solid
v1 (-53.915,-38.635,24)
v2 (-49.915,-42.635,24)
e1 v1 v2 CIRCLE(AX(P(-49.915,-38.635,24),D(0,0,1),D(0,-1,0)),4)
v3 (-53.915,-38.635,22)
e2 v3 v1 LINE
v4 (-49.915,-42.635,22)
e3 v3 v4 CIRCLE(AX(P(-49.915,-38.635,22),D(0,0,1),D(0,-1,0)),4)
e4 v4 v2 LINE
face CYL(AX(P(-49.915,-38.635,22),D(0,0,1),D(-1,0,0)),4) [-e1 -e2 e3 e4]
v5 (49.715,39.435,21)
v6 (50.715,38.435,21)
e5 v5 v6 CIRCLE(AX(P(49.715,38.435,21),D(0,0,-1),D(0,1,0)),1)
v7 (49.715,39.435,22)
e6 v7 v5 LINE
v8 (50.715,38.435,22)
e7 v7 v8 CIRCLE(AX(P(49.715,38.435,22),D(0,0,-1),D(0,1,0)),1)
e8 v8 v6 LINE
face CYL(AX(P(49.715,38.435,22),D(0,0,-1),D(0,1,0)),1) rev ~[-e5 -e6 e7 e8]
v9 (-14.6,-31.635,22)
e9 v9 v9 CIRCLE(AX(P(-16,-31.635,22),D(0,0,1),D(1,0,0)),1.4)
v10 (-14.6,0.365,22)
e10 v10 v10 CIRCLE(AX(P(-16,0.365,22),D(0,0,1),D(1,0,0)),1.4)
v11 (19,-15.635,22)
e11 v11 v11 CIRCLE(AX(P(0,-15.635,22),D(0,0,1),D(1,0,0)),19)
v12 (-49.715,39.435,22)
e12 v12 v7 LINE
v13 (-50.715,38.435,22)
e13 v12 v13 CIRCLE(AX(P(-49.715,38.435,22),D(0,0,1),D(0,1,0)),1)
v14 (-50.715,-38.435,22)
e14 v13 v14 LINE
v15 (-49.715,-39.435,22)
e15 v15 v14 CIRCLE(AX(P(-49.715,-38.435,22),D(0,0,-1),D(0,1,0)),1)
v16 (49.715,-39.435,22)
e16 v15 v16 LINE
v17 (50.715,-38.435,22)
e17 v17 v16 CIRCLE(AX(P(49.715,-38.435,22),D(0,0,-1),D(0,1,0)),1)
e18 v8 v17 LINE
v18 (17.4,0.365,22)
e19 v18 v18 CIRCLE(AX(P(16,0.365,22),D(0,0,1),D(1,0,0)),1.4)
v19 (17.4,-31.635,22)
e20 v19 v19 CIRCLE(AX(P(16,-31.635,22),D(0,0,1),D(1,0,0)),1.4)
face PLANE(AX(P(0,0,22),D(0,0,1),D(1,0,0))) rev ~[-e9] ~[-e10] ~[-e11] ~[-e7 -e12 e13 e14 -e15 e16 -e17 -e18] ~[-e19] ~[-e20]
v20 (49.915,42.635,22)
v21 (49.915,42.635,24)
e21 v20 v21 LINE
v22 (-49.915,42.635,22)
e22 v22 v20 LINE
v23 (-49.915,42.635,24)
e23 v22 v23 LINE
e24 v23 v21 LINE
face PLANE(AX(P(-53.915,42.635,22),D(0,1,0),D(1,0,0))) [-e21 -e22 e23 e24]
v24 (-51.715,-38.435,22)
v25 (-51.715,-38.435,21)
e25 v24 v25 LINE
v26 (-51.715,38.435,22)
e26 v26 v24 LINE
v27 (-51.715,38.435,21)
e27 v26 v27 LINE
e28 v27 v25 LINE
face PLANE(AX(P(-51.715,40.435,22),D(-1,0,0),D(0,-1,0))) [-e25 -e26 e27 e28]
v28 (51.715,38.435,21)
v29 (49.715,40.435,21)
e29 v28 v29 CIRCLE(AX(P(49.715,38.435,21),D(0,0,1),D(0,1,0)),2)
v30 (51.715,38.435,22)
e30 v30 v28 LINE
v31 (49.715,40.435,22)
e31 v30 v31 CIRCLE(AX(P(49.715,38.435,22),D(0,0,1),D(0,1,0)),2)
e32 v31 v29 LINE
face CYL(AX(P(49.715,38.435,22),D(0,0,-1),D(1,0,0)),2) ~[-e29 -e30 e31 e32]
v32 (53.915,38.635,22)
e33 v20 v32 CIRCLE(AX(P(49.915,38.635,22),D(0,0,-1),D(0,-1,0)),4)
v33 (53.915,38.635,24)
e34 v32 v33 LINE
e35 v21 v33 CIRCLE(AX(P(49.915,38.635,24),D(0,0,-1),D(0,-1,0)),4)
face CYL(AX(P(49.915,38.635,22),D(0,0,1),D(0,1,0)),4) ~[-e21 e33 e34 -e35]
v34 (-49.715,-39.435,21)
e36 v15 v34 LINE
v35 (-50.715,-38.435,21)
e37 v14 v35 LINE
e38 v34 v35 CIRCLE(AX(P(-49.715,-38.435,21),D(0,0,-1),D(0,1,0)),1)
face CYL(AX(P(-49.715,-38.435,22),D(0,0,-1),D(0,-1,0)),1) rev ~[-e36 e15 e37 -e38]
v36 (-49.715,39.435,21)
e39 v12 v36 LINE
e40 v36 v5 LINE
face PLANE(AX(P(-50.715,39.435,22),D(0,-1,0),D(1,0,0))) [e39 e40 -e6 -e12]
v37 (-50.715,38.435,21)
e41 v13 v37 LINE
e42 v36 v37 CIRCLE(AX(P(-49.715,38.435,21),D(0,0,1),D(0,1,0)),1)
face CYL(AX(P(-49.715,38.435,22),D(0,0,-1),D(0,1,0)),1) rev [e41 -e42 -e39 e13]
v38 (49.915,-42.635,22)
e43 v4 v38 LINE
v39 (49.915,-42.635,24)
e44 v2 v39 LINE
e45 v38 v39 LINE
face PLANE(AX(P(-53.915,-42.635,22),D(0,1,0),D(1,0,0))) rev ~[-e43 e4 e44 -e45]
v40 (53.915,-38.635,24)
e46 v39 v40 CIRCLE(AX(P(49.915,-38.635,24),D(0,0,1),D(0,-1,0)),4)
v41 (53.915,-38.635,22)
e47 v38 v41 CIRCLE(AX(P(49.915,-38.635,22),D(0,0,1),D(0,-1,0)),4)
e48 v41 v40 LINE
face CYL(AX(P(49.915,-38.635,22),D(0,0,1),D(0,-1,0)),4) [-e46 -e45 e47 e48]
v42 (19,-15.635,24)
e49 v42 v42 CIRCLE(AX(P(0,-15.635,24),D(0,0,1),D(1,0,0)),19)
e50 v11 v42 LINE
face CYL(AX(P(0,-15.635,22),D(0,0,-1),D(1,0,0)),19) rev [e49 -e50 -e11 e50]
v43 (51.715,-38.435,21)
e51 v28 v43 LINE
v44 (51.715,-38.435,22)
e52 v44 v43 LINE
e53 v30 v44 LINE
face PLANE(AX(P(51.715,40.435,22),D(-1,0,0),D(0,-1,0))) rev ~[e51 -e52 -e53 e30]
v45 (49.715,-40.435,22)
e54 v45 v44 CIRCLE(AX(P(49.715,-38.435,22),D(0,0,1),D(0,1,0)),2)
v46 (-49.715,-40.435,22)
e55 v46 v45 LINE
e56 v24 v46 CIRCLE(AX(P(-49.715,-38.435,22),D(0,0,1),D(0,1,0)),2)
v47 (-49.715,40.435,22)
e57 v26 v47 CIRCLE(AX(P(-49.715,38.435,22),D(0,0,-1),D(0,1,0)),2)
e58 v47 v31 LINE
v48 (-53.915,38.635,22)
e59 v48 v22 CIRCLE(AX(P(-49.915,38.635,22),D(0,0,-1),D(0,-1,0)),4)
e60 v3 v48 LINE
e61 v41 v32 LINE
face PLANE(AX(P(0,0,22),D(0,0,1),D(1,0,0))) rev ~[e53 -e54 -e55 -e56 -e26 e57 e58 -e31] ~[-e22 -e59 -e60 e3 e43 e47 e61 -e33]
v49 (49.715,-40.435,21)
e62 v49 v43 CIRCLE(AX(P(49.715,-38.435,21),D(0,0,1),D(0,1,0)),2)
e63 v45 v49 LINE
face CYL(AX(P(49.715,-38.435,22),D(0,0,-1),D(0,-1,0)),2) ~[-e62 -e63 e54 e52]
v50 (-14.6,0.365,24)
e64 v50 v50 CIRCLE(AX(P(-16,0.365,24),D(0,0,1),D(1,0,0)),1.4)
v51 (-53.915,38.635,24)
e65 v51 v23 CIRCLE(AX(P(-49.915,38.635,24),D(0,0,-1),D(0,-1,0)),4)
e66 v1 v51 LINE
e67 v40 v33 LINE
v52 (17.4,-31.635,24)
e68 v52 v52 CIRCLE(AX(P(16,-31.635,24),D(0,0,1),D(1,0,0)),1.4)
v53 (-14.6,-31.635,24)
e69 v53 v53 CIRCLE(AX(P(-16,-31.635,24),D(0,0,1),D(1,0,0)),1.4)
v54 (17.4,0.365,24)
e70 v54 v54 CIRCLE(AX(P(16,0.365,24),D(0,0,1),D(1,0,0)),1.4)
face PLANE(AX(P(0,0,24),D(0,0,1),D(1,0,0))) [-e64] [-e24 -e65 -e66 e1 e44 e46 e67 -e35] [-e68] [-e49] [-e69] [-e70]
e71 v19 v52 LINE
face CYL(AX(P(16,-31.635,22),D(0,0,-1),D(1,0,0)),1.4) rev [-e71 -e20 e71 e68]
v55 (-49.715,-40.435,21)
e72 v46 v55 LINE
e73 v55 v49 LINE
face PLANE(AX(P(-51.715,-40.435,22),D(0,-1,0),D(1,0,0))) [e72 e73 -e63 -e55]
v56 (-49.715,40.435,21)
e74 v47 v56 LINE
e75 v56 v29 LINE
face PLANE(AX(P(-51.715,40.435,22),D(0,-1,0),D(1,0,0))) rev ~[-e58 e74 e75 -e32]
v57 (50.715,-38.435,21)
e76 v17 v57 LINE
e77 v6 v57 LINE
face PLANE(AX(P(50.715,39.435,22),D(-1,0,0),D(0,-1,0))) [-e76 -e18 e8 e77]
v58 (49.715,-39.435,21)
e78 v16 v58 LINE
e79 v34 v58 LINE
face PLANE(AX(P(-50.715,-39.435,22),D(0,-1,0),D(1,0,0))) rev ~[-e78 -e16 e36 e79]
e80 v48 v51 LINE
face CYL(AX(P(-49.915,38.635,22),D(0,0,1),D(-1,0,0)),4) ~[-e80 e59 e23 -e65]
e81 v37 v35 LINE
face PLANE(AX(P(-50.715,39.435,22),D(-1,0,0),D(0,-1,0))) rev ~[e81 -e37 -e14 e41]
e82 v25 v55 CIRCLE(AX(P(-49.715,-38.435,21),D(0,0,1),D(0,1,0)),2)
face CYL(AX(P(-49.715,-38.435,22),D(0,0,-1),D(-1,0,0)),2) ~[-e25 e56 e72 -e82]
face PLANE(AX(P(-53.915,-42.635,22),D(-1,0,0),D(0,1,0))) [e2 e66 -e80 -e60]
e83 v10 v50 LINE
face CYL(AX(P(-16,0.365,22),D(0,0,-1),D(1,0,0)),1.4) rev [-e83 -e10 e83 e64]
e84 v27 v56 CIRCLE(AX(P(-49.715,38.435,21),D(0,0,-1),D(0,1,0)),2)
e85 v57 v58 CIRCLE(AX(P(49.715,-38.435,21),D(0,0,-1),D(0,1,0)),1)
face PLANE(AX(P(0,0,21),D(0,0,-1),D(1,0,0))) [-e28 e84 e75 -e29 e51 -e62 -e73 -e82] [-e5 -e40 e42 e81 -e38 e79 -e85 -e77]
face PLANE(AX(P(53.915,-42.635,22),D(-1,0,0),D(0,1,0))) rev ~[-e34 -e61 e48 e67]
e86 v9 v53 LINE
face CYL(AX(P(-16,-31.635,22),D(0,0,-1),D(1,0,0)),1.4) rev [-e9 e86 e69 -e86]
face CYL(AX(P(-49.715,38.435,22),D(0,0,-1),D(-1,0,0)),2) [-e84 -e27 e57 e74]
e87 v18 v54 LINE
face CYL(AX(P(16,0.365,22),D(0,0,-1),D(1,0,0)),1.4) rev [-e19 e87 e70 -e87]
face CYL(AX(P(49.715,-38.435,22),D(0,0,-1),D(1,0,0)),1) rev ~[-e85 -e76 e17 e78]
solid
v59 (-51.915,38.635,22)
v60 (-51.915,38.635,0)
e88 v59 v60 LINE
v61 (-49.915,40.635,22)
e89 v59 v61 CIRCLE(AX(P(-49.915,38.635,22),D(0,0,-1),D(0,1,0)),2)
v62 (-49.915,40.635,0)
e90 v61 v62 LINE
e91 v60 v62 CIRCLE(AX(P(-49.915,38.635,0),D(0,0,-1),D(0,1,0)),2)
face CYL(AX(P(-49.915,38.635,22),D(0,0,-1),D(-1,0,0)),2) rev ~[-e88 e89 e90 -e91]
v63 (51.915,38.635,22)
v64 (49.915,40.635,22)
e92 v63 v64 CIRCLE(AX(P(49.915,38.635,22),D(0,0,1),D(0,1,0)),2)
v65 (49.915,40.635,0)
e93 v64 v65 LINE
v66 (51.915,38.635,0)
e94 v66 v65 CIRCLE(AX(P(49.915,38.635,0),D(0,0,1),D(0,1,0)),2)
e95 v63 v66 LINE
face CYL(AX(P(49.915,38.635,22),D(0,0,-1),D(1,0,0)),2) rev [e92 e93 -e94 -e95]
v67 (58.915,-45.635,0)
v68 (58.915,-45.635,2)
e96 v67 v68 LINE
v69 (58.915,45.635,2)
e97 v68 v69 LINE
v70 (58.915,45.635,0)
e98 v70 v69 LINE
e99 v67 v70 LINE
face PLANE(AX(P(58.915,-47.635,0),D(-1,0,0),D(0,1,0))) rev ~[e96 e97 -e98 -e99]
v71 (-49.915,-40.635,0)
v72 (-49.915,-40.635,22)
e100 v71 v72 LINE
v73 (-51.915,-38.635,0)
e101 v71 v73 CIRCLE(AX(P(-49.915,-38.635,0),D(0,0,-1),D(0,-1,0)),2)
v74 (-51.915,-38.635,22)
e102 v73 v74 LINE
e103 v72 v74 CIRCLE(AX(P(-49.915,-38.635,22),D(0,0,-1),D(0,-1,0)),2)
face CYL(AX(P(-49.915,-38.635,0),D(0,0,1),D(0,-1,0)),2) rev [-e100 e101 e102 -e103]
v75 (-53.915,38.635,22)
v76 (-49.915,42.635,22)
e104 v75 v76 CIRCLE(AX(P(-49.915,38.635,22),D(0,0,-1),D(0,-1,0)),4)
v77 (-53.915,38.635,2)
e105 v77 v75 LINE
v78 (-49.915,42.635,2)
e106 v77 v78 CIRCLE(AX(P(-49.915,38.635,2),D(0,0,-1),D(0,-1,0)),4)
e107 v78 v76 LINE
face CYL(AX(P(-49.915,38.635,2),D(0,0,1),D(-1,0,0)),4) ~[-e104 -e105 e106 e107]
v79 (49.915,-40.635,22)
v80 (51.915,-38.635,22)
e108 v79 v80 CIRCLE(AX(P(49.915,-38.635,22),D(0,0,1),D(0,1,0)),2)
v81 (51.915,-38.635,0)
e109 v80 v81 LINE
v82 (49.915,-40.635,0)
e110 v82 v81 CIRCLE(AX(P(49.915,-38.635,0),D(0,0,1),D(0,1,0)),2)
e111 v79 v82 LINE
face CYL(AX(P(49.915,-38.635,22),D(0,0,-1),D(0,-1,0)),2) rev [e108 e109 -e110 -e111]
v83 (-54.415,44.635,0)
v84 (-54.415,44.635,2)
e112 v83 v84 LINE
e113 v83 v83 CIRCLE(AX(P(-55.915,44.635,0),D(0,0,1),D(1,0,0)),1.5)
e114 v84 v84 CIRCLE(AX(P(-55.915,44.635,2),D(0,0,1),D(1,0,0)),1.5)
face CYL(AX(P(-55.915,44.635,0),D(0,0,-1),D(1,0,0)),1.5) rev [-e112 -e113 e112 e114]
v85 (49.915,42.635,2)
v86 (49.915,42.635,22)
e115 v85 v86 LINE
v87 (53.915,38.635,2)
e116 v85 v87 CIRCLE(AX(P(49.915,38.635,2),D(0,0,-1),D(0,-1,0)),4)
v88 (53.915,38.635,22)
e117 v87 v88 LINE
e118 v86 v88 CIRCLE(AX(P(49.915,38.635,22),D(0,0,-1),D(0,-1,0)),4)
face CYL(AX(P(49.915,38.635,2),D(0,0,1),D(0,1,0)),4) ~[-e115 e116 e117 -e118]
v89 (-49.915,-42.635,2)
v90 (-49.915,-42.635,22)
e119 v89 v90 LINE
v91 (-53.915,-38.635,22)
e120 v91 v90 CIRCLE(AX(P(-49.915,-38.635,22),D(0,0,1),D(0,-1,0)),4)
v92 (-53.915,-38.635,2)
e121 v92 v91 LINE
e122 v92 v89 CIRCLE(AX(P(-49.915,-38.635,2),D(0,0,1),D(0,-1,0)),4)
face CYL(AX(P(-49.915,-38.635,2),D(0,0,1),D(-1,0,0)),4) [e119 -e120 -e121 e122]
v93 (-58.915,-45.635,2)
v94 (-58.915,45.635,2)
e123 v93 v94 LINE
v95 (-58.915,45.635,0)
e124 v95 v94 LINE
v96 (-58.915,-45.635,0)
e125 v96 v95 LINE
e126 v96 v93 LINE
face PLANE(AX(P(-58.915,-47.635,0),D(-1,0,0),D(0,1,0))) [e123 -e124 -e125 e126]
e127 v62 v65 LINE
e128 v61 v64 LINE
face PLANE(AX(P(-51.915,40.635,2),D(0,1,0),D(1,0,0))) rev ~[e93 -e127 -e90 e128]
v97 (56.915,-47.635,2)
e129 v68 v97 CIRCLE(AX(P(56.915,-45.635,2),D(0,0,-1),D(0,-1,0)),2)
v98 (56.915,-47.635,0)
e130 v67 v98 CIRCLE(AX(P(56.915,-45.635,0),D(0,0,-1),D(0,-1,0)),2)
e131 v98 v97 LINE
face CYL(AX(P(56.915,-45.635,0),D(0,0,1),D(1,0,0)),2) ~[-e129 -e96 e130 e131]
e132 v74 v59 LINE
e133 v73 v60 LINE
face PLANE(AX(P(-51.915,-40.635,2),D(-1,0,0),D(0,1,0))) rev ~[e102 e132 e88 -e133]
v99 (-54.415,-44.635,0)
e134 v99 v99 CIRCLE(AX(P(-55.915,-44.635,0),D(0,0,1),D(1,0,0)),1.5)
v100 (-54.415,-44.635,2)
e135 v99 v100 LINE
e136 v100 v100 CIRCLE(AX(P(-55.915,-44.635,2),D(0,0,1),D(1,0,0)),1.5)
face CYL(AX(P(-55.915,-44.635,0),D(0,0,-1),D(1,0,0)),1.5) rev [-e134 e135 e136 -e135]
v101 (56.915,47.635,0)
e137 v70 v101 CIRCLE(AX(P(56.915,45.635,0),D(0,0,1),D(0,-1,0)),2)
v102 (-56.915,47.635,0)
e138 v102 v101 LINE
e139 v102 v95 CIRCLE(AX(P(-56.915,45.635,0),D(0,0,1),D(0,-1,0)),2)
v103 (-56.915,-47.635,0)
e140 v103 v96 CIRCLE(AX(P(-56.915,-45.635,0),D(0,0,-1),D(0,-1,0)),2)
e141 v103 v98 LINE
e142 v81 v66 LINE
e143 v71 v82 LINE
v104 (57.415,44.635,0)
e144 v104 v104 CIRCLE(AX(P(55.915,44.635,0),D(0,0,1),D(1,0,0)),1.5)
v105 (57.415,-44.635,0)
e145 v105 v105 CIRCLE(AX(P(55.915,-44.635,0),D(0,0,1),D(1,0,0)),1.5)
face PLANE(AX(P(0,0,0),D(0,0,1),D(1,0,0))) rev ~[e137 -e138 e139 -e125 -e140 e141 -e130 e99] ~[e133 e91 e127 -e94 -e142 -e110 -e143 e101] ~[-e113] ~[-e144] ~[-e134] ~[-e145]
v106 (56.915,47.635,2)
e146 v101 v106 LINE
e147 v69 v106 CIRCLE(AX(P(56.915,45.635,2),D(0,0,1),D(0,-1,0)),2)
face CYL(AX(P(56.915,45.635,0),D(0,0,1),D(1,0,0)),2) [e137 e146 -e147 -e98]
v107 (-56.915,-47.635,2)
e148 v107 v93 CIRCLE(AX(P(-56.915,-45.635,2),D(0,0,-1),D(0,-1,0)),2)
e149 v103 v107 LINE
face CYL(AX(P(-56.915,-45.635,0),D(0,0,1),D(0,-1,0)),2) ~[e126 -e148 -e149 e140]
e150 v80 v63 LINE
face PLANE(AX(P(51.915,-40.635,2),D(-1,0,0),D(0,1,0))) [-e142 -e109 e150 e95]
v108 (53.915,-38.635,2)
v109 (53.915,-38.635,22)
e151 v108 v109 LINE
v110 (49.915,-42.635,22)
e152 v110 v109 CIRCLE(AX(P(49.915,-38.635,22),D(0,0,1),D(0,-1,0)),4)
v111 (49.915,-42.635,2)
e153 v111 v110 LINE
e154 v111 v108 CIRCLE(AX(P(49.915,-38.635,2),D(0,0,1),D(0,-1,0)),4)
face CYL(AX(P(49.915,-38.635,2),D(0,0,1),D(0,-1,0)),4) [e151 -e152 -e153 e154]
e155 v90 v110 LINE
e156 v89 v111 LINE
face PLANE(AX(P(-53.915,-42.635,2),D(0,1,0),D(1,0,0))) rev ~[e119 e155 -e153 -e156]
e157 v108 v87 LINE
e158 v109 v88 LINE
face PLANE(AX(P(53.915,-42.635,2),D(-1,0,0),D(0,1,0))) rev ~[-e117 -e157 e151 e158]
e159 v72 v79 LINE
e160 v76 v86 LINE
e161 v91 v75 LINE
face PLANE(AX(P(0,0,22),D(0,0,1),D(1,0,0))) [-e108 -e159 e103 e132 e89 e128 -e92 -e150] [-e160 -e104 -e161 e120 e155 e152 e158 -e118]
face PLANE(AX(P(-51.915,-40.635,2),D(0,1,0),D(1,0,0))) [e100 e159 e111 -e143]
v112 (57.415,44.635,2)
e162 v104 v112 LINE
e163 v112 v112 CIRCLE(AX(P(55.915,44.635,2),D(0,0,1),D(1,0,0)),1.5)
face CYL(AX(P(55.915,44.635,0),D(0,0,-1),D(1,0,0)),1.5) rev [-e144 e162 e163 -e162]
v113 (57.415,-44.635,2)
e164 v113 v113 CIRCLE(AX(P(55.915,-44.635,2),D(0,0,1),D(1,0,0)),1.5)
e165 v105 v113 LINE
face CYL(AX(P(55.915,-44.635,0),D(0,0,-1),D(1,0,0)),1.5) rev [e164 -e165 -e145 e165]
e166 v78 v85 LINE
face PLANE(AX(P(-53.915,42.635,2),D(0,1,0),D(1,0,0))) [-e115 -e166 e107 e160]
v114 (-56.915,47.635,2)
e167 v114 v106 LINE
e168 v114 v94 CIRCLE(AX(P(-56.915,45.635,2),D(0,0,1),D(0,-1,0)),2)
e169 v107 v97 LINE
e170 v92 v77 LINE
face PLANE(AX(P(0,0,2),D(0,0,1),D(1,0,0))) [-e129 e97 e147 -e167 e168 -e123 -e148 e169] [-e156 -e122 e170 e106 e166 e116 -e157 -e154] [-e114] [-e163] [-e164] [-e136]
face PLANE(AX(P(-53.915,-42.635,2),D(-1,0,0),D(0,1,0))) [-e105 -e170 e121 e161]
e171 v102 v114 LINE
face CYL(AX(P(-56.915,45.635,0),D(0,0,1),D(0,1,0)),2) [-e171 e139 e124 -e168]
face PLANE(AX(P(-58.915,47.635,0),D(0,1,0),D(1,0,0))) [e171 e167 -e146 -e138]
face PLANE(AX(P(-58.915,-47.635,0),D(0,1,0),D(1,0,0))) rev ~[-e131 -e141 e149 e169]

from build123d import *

# Parameters (mm, degrees)
F0_W     = 117.83
F0_H     = 95.27
F0_R     = 1.5
F0_W_2   = 103.83
F0_H_2   = 81.27
F1_DEPTH = 2
F2_W     = 107.83
F2_H     = 85.27
F2_W_2   = 103.83
F2_H_2   = 81.27
F3_DEPTH = 20
F4_R     = 2
F5_W     = 107.83
F5_H     = 85.27
F5_R     = 1.4
F5_R_2   = 19
F6_DEPTH = 2
F7_W     = 103.43
F7_H     = 80.87
F7_W_2   = 101.43
F7_H_2   = 78.87
F8_DEPTH = 1
F9_R     = 2
F9_2_R   = 2
F10_R    = 1
F11_R    = 4
F11_2_R  = 4


with BuildPart() as f1:
    # F0 (on Top) → F1 (new body)
    with BuildSketch(Plane.XY):
        Rectangle(F0_W, F0_H)
        with Locations((-55.915, -44.635)):
            Circle(F0_R, mode=Mode.SUBTRACT)
        with Locations((55.915, -44.635)):
            Circle(F0_R, mode=Mode.SUBTRACT)
        with Locations((-55.915, 44.635)):
            Circle(F0_R, mode=Mode.SUBTRACT)
        Rectangle(F0_W_2, F0_H_2, mode=Mode.SUBTRACT)
        with Locations((55.915, 44.635)):
            Circle(F0_R, mode=Mode.SUBTRACT)
    extrude(amount=F1_DEPTH)

    # F2 (on face) → F3 (join)
    with BuildSketch(Plane.XY.offset(2)):
        Rectangle(F2_W, F2_H)
        Rectangle(F2_W_2, F2_H_2, mode=Mode.SUBTRACT)
    extrude(amount=F3_DEPTH)

    # F4
    f4_edges = [f1.edges().sort_by_distance(p)[0] for p in [
        (-58.915, -47.635, 1),
        (58.915, -47.635, 1),
        (-58.915, 47.635, 1),
        (58.915, 47.635, 1),
    ]]
    fillet(f4_edges, radius=F4_R)

    # F9
    f9_edges = [f1.edges().sort_by_distance(p)[0] for p in [
        (51.915, 40.635, 11),
        (51.915, -40.635, 11),
        (-51.915, -40.635, 11),
        (-51.915, 40.635, 11),
    ]]
    fillet(f9_edges, radius=F9_R)

    # F11
    f11_edges = [f1.edges().sort_by_distance(p)[0] for p in [
        (53.915, -42.635, 12),
        (-53.915, -42.635, 12),
        (-53.915, 42.635, 12),
        (53.915, 42.635, 12),
    ]]
    fillet(f11_edges, radius=F11_R)


with BuildPart() as f6:
    # F5 (on face) → F6 (new body)
    with BuildSketch(Plane.XY.offset(22)):
        Rectangle(F5_W, F5_H)
        with Locations((-16, -31.635)):
            Circle(F5_R, mode=Mode.SUBTRACT)
        with Locations((16, -31.635)):
            Circle(F5_R, mode=Mode.SUBTRACT)
        with Locations((0, -15.635)):
            Circle(F5_R_2, mode=Mode.SUBTRACT)
        with Locations((-16, 0.365)):
            Circle(F5_R, mode=Mode.SUBTRACT)
        with Locations((16, 0.365)):
            Circle(F5_R, mode=Mode.SUBTRACT)
    extrude(amount=F6_DEPTH)

    # F7 (on face) → F8 (join)
    with BuildSketch(Plane(origin=(0, 0, 22), x_dir=(1, 0, 0), z_dir=(0, 0, -1))):
        Rectangle(F7_W, F7_H)
        Rectangle(F7_W_2, F7_H_2, mode=Mode.SUBTRACT)
    extrude(amount=F8_DEPTH)

    # F9#2
    f9_2_edges = [f6.edges().sort_by_distance(p)[0] for p in [
        (51.715, -40.435, 21.5),
        (51.715, 40.435, 21.5),
        (-51.715, 40.435, 21.5),
        (-51.715, -40.435, 21.5),
    ]]
    fillet(f9_2_edges, radius=F9_2_R)

    # F10
    f10_edges = [f6.edges().sort_by_distance(p)[0] for p in [
        (-50.715, -39.435, 21.5),
        (50.715, -39.435, 21.5),
        (-50.715, 39.435, 21.5),
        (50.715, 39.435, 21.5),
    ]]
    fillet(f10_edges, radius=F10_R)

    # F11#2
    f11_2_edges = [f6.edges().sort_by_distance(p)[0] for p in [
        (53.915, 42.635, 23),
        (-53.915, 42.635, 23),
        (-53.915, -42.635, 23),
        (53.915, -42.635, 23),
    ]]
    fillet(f11_2_edges, radius=F11_2_R)


solid = Compound([f1.part, f6.part])
